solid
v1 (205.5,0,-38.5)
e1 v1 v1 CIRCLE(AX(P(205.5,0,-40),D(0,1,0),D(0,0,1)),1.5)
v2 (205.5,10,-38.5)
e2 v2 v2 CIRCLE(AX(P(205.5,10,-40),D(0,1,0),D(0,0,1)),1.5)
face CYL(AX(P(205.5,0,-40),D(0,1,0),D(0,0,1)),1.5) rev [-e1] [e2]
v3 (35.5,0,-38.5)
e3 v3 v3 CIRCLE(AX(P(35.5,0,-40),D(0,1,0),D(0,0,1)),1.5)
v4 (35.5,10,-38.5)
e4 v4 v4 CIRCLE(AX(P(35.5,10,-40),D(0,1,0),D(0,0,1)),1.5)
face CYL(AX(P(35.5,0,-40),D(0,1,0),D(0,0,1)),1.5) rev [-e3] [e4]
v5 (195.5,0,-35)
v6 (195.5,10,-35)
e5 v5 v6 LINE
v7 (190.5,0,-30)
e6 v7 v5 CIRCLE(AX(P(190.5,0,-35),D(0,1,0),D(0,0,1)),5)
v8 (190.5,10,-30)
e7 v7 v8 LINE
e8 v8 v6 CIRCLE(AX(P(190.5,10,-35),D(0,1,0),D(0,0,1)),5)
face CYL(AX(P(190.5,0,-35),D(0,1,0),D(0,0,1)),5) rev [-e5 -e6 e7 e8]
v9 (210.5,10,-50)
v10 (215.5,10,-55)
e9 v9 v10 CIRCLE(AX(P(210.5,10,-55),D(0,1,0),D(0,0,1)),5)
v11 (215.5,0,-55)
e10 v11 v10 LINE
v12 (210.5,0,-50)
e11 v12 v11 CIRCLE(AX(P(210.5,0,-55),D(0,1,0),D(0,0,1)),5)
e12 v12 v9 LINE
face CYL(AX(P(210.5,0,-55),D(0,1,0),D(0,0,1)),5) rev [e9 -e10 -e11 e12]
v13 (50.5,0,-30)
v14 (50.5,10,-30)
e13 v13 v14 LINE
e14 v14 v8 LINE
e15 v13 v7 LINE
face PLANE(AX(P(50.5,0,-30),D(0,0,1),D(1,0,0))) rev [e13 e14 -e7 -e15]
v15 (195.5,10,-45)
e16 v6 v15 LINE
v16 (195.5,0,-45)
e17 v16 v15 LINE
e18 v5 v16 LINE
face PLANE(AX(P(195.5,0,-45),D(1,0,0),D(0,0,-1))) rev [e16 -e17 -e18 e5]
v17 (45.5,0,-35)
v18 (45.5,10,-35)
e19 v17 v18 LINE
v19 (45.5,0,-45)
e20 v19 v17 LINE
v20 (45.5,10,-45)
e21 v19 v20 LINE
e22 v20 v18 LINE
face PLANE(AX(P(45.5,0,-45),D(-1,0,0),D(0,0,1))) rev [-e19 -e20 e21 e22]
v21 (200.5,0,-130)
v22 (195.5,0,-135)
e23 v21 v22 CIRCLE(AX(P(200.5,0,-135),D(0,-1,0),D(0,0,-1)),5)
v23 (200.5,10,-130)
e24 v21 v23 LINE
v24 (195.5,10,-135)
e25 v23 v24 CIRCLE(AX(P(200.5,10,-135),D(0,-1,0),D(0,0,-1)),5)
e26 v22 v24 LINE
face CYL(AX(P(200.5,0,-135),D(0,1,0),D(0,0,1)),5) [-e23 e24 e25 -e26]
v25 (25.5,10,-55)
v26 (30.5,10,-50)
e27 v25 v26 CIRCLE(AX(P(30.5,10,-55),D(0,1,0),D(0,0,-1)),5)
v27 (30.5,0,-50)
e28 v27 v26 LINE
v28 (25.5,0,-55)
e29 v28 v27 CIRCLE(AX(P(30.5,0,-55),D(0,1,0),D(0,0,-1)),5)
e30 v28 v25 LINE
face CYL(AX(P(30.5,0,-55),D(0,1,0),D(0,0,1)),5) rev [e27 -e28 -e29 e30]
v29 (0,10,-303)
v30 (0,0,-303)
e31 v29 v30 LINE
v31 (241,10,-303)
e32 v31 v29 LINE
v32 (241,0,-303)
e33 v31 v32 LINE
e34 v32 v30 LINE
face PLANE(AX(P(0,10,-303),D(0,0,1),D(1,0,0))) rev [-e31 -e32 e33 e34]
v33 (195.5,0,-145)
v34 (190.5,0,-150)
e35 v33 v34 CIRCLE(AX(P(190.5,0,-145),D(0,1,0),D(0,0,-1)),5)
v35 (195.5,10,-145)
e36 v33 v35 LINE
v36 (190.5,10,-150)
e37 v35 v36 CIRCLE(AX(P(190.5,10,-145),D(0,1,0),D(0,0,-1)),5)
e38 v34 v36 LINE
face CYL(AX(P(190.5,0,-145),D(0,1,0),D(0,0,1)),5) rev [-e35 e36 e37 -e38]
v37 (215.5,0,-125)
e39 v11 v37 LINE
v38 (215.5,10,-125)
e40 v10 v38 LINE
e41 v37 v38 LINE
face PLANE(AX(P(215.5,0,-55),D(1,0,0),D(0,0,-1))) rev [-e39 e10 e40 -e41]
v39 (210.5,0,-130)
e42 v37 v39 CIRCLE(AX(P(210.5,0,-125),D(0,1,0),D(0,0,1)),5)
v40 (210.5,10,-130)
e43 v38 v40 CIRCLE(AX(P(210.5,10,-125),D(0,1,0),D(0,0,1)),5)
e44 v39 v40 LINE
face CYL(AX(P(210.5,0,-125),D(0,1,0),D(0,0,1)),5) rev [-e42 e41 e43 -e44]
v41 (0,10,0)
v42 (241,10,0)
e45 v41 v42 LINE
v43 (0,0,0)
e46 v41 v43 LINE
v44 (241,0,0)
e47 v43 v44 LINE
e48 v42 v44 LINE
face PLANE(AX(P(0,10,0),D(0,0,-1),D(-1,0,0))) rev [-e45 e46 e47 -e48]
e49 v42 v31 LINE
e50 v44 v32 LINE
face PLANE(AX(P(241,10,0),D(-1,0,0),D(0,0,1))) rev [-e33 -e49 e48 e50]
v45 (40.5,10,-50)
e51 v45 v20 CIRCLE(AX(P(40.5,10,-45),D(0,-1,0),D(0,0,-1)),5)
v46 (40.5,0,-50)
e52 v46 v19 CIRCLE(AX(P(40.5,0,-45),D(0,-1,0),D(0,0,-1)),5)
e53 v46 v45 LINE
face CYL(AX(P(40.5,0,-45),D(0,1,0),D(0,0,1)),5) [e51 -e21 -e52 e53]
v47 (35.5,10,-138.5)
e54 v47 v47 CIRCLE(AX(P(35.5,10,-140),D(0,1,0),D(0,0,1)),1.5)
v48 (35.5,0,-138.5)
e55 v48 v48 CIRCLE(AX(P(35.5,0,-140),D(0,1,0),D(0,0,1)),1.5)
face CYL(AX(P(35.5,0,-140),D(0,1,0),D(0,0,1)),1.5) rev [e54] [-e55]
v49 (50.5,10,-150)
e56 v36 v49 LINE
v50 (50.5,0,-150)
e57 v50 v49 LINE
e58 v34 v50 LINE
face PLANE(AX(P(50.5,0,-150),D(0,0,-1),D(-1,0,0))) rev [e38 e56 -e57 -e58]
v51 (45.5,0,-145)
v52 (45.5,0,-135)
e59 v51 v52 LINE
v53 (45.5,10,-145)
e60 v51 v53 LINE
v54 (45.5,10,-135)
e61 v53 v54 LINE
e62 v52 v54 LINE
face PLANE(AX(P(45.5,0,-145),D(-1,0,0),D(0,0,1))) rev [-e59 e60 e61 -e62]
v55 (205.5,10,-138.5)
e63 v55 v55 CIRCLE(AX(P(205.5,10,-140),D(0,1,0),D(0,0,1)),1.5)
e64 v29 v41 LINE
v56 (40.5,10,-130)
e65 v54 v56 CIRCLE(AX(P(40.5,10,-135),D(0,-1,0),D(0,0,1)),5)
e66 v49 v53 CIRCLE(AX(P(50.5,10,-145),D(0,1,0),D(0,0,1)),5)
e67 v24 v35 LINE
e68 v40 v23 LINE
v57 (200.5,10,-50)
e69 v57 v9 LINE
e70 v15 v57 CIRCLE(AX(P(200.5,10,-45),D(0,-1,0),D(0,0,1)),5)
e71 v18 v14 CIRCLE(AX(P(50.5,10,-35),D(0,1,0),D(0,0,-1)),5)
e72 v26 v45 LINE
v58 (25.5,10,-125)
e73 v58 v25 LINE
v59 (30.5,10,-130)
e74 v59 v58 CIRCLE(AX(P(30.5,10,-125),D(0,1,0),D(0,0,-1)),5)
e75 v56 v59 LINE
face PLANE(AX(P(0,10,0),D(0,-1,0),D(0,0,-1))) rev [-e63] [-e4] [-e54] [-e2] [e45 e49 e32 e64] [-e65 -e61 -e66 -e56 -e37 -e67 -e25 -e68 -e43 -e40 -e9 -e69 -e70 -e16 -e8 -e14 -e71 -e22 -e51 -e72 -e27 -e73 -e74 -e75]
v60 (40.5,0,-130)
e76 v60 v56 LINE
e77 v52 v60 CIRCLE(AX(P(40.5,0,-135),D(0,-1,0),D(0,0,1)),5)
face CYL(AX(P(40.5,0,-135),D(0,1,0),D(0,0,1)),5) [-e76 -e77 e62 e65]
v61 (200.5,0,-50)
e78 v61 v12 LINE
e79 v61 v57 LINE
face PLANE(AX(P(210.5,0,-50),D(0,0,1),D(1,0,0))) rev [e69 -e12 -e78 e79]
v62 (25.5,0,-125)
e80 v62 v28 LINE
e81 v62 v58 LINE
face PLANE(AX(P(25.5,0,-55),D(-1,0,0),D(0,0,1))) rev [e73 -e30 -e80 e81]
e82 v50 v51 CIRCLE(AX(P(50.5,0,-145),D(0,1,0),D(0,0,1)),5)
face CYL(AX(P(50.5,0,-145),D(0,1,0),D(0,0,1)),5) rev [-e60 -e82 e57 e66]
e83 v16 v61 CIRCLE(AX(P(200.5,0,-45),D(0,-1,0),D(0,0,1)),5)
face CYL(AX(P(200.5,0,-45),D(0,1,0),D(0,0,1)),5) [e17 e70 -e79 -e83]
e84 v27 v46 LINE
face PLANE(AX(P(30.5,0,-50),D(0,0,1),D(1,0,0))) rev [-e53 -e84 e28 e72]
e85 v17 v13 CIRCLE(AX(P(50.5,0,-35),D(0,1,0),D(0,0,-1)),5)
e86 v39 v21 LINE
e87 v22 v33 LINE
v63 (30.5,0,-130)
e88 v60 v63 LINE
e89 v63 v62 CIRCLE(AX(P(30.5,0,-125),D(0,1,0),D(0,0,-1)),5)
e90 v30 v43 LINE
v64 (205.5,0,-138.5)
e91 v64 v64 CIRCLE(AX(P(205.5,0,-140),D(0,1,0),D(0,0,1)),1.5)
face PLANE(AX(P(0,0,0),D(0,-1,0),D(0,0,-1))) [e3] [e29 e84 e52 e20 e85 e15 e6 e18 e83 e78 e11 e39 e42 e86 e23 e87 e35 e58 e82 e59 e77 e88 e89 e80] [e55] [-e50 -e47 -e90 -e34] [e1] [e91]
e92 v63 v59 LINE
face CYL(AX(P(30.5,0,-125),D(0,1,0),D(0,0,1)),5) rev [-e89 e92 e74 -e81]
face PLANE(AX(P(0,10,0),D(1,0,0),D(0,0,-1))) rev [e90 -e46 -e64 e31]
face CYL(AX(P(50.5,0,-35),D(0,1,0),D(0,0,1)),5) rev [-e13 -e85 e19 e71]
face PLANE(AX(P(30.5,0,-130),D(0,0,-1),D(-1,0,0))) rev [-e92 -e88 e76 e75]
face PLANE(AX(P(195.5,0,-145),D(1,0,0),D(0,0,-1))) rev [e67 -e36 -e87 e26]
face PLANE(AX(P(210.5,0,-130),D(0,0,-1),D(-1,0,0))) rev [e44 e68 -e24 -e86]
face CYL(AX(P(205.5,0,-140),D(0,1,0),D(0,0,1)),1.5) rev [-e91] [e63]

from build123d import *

# Parameters (mm, degrees)
SKETCH1_W           = 241
SKETCH1_H           = 303
BOSS_EXTRUDE1_DEPTH = 10
CUT_EXTRUDE1_DEPTH  = 388.285424461
SKETCH3_R           = 1.5
CUT_EXTRUDE2_DEPTH  = 10


with BuildPart() as part:
    # Sketch1 → Boss-Extrude1 (new body)
    with BuildSketch(Plane(origin=(0, 0, 0), x_dir=(1, 0, 0), z_dir=(0, 1, 0))):
        with Locations((120.5, 151.5)):
            Rectangle(SKETCH1_W, SKETCH1_H)
    extrude(amount=BOSS_EXTRUDE1_DEPTH)

    # Sketch2 → Cut-Extrude1 (cut, through all)
    with BuildSketch(Plane(origin=(0, 10, 0), x_dir=(1, 0, 0), z_dir=(0, 1, 0))):
        with BuildLine():
            Line((50.5, 150), (190.5, 150))
            ThreePointArc((190.5, 150), (194.035533906, 148.535533906), (195.5, 145))
            Line((195.5, 145), (195.5, 135))
            ThreePointArc((195.5, 135), (196.964466094, 131.464466094), (200.5, 130))
            Line((200.5, 130), (210.5, 130))
            ThreePointArc((210.5, 130), (214.035533906, 128.535533906), (215.5, 125))
            Line((215.5, 125), (215.5, 55))
            ThreePointArc((215.5, 55), (214.035533906, 51.464466094), (210.5, 50))
            Line((210.5, 50), (200.5, 50))
            ThreePointArc((200.5, 50), (196.964466094, 48.535533906), (195.5, 45))
            Line((195.5, 45), (195.5, 35))
            ThreePointArc((195.5, 35), (194.035533906, 31.464466094), (190.5, 30))
            Line((190.5, 30), (50.5, 30))
            ThreePointArc((50.5, 30), (46.964466094, 31.464466094), (45.5, 35))
            Line((45.5, 35), (45.5, 45))
            ThreePointArc((45.5, 45), (44.035533906, 48.535533906), (40.5, 50))
            Line((40.5, 50), (30.5, 50))
            ThreePointArc((30.5, 50), (26.964466094, 51.464466094), (25.5, 55))
            Line((25.5, 55), (25.5, 125))
            ThreePointArc((25.5, 125), (26.964466094, 128.535533906), (30.5, 130))
            Line((30.5, 130), (40.5, 130))
            ThreePointArc((40.5, 130), (44.035533906, 131.464466094), (45.5, 135))
            Line((45.5, 135), (45.5, 145))
            ThreePointArc((45.5, 145), (46.964466094, 148.535533906), (50.5, 150))
        make_face()
    extrude(amount=-CUT_EXTRUDE1_DEPTH, mode=Mode.SUBTRACT)

    # Sketch3 → Cut-Extrude2 (cut)
    with BuildSketch(Plane(origin=(0, 10, 0), x_dir=(1, 0, 0), z_dir=(0, 1, 0))):
        with Locations(Location((205.5, 140, 0), (0, 0, 270))):
            Circle(SKETCH3_R)
        with Locations(Location((35.5, 140, 0), (0, 0, 270))):
            Circle(SKETCH3_R)
        with Locations(Location((35.5, 40, 0), (0, 0, 270))):
            Circle(SKETCH3_R)
        with Locations(Location((205.5, 40, 0), (0, 0, 270))):
            Circle(SKETCH3_R)
    extrude(amount=-CUT_EXTRUDE2_DEPTH, mode=Mode.SUBTRACT)


solid = part.part
